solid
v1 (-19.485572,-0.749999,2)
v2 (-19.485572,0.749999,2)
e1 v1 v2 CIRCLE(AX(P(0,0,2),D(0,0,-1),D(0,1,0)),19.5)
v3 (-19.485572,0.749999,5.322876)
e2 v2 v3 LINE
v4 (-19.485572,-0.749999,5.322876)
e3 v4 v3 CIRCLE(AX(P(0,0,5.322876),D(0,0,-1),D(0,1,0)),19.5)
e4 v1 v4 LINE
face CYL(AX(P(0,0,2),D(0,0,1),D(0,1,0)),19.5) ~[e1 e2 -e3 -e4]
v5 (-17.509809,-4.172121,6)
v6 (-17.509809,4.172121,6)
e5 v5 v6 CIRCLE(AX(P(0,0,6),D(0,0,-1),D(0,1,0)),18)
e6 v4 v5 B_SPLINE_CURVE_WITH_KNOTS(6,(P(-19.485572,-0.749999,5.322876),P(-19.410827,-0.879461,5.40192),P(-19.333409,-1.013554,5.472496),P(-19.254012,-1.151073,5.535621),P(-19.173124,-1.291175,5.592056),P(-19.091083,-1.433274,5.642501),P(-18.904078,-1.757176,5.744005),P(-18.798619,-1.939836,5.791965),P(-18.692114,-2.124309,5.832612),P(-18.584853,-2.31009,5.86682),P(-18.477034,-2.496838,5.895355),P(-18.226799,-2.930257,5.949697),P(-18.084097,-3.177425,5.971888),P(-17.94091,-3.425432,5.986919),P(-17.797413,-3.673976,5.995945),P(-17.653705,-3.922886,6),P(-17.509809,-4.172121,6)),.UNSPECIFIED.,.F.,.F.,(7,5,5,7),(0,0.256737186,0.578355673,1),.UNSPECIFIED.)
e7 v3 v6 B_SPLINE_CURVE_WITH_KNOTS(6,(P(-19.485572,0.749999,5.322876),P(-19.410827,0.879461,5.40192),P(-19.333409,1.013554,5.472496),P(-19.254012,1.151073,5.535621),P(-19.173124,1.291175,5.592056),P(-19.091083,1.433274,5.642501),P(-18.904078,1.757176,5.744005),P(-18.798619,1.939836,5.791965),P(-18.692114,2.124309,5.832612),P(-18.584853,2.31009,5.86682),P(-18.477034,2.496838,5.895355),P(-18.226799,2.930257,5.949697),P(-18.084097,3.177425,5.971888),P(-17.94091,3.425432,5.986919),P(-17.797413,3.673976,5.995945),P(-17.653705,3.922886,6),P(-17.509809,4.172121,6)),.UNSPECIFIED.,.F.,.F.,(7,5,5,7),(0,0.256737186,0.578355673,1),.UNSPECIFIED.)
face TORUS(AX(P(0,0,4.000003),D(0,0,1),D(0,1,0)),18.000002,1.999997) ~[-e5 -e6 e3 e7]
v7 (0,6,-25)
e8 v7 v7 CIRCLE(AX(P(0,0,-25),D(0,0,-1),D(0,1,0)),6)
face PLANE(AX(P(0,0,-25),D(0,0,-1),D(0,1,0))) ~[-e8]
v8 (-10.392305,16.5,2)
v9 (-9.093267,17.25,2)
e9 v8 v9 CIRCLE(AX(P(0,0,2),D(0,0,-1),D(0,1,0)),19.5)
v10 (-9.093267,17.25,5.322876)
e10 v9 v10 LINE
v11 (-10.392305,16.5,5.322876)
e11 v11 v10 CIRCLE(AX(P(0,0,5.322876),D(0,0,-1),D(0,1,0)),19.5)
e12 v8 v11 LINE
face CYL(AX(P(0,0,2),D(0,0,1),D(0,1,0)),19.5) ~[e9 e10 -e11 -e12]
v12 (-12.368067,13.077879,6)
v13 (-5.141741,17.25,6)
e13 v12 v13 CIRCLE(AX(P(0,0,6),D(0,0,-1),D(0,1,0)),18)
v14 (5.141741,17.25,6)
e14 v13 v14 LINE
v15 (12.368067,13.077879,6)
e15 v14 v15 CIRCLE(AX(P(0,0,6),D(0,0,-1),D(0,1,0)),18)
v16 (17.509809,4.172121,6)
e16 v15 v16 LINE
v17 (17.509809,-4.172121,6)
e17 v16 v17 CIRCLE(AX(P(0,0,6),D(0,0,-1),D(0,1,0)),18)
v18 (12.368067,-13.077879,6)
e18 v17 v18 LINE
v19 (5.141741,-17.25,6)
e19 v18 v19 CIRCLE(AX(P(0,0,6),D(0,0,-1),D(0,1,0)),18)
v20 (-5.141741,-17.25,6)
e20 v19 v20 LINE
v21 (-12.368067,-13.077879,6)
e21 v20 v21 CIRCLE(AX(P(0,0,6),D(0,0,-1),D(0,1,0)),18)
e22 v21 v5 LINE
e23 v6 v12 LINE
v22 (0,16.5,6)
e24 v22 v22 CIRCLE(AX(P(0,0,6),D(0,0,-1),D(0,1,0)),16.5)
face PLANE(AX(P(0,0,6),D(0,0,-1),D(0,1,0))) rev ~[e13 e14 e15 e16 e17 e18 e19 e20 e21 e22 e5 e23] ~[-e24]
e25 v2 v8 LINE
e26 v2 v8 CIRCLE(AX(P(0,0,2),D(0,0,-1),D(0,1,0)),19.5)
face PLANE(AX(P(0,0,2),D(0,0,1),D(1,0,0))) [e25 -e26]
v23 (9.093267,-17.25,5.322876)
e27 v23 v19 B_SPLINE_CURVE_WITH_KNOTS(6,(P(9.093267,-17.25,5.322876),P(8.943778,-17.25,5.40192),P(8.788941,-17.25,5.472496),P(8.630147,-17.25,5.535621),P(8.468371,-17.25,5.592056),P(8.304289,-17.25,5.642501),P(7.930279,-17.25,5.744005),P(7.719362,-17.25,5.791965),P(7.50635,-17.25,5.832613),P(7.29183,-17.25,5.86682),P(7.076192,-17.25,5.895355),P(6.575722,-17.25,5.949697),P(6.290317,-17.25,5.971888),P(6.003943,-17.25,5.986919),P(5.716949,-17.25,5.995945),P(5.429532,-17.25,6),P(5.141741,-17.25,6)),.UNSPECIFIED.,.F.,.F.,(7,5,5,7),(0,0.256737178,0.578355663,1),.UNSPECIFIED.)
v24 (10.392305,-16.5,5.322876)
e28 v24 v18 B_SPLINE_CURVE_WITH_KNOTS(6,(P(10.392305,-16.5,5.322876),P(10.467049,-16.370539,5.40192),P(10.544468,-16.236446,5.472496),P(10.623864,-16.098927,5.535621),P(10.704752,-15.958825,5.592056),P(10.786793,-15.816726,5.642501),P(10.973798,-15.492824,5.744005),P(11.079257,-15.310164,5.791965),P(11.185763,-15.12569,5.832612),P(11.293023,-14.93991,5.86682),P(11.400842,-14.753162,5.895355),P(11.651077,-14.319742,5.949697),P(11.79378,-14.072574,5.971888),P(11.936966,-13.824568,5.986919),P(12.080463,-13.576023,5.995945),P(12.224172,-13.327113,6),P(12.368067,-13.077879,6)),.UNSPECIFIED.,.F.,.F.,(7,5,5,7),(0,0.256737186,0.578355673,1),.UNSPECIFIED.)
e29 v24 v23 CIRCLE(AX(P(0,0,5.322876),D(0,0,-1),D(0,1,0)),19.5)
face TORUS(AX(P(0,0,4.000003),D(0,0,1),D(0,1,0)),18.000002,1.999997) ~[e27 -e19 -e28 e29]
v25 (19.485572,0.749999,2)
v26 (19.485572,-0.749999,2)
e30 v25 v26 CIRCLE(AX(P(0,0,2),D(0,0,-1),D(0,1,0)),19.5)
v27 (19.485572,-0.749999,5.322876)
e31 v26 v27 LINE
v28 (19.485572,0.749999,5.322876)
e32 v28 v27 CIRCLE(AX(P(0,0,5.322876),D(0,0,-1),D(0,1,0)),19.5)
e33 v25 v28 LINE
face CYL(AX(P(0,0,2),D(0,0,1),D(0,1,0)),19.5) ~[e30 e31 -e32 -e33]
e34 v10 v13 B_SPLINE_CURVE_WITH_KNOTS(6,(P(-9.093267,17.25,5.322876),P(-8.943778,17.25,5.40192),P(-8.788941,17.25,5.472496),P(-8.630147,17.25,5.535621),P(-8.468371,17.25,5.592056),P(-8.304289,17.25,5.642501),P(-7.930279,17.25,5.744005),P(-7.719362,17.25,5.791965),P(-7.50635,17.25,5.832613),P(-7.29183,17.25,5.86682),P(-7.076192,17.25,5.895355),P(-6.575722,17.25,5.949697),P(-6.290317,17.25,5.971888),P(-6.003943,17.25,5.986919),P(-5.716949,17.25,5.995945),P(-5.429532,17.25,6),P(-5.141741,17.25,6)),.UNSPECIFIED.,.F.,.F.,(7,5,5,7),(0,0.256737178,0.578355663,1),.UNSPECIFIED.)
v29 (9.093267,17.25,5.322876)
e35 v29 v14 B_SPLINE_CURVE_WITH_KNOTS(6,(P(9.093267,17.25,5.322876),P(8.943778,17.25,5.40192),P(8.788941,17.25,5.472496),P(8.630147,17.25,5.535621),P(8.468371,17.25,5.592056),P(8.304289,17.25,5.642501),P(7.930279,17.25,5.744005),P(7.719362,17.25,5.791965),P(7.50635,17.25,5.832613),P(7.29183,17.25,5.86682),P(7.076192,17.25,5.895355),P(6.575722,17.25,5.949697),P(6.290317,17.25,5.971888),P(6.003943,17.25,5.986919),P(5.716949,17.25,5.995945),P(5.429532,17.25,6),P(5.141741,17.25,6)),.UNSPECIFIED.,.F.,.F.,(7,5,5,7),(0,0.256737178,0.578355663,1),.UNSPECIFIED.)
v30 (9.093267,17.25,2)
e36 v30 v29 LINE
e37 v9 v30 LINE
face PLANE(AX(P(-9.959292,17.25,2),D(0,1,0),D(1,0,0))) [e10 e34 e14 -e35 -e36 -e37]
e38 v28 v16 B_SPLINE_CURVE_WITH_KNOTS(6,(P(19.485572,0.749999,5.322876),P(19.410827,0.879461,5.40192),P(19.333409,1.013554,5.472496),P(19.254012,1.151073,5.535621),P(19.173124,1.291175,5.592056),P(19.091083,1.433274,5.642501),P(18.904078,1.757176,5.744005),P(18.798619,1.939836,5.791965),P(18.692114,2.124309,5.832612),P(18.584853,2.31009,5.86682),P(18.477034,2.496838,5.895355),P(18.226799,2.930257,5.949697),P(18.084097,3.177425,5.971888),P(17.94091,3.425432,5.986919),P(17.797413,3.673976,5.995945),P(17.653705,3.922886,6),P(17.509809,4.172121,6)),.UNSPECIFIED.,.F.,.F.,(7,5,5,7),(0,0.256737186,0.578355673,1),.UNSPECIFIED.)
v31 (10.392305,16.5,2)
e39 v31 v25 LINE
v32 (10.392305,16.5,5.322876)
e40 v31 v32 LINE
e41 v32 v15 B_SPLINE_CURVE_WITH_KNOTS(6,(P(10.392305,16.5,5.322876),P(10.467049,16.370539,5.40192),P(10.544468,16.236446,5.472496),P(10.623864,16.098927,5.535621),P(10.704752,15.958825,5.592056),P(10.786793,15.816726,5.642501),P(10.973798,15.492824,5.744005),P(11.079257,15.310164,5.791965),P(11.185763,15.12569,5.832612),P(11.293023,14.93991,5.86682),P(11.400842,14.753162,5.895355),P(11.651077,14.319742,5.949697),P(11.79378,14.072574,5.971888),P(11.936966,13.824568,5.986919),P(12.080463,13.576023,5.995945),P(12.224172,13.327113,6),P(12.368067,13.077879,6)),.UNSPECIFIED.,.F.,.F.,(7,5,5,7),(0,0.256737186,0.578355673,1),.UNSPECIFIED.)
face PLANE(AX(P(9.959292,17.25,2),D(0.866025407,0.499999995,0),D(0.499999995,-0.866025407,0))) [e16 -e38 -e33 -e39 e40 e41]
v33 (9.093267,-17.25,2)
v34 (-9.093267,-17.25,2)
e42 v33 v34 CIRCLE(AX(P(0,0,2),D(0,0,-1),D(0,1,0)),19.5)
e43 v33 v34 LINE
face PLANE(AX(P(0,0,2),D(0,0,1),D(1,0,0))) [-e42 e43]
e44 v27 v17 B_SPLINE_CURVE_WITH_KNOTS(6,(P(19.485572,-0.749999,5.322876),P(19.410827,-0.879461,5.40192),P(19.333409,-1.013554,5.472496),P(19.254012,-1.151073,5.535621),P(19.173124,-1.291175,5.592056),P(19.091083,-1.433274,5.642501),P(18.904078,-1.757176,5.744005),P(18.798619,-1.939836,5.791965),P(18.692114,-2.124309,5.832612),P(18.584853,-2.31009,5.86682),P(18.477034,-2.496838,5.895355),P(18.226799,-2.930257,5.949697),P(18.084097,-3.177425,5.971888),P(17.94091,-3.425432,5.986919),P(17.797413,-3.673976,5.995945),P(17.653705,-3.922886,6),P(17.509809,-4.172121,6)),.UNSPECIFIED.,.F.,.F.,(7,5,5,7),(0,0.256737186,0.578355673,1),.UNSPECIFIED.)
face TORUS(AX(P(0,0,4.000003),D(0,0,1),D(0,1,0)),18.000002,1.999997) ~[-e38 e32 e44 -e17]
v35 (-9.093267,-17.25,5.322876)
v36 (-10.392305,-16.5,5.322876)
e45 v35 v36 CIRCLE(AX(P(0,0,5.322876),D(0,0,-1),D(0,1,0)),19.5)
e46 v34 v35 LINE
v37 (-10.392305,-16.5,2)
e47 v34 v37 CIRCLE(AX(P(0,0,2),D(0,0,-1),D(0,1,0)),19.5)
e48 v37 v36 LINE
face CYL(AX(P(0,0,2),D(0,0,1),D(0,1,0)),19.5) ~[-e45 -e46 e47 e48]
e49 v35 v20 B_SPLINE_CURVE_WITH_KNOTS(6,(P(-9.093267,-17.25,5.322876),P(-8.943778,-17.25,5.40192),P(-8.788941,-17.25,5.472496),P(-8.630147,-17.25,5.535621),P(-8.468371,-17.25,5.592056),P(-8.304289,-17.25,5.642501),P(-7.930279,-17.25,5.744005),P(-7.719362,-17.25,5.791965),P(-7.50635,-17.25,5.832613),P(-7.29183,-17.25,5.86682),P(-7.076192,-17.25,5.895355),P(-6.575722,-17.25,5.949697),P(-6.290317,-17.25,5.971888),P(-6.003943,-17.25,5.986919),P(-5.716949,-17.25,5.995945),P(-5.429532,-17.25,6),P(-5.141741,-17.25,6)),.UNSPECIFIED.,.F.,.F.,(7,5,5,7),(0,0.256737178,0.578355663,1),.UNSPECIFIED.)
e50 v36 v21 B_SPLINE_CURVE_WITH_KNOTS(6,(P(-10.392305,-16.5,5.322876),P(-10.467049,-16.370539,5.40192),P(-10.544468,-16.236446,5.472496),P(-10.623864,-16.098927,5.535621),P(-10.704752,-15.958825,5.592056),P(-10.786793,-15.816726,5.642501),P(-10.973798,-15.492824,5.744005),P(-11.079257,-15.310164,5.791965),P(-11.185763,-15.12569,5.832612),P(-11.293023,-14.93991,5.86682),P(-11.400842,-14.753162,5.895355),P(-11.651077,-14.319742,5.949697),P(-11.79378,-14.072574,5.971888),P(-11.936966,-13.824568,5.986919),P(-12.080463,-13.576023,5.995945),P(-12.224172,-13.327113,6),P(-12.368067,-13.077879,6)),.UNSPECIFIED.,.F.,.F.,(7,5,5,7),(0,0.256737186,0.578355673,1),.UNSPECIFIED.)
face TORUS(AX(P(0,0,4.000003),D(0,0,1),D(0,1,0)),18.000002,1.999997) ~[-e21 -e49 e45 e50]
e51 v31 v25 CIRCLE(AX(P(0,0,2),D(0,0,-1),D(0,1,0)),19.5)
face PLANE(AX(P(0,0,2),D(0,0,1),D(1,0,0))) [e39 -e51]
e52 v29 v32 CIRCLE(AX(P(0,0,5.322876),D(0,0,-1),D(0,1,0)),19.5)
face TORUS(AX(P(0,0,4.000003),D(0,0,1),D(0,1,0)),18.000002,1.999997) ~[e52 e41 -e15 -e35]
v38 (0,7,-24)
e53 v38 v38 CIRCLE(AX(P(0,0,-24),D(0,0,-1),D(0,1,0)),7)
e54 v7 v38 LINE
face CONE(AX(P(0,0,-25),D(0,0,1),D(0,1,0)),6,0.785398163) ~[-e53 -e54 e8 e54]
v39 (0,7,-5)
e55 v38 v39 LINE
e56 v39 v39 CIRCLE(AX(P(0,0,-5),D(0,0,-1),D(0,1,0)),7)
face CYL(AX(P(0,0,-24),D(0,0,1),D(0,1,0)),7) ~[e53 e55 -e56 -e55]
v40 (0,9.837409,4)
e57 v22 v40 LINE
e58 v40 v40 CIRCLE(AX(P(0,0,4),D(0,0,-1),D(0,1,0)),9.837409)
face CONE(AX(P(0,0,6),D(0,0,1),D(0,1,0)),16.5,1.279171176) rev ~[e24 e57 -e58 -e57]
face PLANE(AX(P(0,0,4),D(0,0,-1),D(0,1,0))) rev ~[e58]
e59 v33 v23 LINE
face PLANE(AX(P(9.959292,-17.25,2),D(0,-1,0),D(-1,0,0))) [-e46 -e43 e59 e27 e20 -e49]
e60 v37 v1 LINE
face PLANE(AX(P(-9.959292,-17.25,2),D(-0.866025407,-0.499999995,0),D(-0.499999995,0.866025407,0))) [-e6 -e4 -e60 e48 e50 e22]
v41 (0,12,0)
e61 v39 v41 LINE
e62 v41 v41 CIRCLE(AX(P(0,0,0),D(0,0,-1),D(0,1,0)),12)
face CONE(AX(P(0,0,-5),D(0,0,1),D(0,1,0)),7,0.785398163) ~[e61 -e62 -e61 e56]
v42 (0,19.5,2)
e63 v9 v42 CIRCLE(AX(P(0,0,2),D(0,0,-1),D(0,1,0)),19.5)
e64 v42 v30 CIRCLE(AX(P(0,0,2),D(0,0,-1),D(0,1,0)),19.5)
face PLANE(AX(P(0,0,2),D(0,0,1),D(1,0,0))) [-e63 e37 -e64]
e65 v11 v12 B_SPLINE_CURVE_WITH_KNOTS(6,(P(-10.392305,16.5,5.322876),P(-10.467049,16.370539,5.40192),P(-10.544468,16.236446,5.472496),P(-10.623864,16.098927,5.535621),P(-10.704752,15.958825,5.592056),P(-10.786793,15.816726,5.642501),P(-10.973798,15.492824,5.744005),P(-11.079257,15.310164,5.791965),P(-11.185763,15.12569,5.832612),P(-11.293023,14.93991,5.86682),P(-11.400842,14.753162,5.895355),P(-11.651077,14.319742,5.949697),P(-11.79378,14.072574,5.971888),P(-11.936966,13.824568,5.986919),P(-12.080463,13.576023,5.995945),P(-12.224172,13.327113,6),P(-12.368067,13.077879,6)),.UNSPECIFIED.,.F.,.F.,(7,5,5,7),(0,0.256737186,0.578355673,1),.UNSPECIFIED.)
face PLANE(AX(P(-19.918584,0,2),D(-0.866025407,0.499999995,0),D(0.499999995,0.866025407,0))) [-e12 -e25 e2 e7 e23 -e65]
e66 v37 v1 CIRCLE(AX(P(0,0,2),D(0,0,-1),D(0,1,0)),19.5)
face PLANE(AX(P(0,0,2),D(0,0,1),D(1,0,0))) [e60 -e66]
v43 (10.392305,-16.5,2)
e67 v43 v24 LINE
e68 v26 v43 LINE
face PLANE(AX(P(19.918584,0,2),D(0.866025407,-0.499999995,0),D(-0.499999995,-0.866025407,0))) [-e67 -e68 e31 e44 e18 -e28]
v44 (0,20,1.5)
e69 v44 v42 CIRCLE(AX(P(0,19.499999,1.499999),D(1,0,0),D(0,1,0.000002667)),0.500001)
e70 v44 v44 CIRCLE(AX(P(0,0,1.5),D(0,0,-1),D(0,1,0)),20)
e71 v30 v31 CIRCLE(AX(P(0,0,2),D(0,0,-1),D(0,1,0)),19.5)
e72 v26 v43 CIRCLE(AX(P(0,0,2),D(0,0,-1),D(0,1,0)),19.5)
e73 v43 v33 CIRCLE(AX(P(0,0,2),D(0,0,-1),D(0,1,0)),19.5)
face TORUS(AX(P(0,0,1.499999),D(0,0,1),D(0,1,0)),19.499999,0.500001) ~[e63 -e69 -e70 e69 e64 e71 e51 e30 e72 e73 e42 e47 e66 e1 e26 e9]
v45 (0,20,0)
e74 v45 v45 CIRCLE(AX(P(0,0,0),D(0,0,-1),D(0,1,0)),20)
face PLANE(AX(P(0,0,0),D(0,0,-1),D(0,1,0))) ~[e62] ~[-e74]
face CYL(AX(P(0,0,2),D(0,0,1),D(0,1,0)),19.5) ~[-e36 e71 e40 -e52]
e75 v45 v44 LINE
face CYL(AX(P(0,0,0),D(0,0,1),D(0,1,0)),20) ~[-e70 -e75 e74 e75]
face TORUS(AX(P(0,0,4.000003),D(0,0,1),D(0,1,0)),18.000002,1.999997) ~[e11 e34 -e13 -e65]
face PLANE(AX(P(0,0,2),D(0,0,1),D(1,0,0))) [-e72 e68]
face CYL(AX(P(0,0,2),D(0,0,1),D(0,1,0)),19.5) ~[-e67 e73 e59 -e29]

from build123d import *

# Parameters (mm, degrees)
F3_R     = 21.863544
F4_DEPTH = 6
F5_SIZE  = 5


with BuildPart() as f2:
    # F1 (on Right) → F2 (revolve)
    with BuildSketch(Plane.YZ):
        with BuildLine():
            Line((0, 4), (0, -25))
            Line((0, -25), (6, -25))
            Line((6, -25), (7, -24))
            Line((7, -24), (7, 0))
            Line((7, 0), (20, 0))
            Line((20, 0), (20, 1.5))
            ThreePointArc((20, 1.5), (19.853553, 1.853553), (19.5, 2))
            Line((19.5, 2), (19.5, 5.322876))
            ThreePointArc((19.5, 5.322876), (18.822876, 5.822876), (18, 6))
            Line((18, 6), (16.5, 6))
            Line((16.5, 6), (9.837409, 4))
            Line((9.837409, 4), (0, 4))
        make_face()
    revolve(axis=Axis((0, 0, -10.5), (0, 0, -1)))

    # F3 (on offset) → F4 (cut)
    with BuildSketch(Plane.XY.offset(2)):
        Circle(F3_R)
        Polygon((-19.918584, 0), (-9.959292, 17.25), (9.959292, 17.25), (19.918584, 0), (9.959292, -17.25), (-9.959292, -17.25), align=None, mode=Mode.SUBTRACT)
    extrude(amount=F4_DEPTH, mode=Mode.SUBTRACT)

    # F5
    f5_edges = [f2.edges().sort_by_distance(p)[0] for p in [
        (0, -7, 0),
    ]]
    chamfer(f5_edges, length=F5_SIZE)


solid = f2.part
